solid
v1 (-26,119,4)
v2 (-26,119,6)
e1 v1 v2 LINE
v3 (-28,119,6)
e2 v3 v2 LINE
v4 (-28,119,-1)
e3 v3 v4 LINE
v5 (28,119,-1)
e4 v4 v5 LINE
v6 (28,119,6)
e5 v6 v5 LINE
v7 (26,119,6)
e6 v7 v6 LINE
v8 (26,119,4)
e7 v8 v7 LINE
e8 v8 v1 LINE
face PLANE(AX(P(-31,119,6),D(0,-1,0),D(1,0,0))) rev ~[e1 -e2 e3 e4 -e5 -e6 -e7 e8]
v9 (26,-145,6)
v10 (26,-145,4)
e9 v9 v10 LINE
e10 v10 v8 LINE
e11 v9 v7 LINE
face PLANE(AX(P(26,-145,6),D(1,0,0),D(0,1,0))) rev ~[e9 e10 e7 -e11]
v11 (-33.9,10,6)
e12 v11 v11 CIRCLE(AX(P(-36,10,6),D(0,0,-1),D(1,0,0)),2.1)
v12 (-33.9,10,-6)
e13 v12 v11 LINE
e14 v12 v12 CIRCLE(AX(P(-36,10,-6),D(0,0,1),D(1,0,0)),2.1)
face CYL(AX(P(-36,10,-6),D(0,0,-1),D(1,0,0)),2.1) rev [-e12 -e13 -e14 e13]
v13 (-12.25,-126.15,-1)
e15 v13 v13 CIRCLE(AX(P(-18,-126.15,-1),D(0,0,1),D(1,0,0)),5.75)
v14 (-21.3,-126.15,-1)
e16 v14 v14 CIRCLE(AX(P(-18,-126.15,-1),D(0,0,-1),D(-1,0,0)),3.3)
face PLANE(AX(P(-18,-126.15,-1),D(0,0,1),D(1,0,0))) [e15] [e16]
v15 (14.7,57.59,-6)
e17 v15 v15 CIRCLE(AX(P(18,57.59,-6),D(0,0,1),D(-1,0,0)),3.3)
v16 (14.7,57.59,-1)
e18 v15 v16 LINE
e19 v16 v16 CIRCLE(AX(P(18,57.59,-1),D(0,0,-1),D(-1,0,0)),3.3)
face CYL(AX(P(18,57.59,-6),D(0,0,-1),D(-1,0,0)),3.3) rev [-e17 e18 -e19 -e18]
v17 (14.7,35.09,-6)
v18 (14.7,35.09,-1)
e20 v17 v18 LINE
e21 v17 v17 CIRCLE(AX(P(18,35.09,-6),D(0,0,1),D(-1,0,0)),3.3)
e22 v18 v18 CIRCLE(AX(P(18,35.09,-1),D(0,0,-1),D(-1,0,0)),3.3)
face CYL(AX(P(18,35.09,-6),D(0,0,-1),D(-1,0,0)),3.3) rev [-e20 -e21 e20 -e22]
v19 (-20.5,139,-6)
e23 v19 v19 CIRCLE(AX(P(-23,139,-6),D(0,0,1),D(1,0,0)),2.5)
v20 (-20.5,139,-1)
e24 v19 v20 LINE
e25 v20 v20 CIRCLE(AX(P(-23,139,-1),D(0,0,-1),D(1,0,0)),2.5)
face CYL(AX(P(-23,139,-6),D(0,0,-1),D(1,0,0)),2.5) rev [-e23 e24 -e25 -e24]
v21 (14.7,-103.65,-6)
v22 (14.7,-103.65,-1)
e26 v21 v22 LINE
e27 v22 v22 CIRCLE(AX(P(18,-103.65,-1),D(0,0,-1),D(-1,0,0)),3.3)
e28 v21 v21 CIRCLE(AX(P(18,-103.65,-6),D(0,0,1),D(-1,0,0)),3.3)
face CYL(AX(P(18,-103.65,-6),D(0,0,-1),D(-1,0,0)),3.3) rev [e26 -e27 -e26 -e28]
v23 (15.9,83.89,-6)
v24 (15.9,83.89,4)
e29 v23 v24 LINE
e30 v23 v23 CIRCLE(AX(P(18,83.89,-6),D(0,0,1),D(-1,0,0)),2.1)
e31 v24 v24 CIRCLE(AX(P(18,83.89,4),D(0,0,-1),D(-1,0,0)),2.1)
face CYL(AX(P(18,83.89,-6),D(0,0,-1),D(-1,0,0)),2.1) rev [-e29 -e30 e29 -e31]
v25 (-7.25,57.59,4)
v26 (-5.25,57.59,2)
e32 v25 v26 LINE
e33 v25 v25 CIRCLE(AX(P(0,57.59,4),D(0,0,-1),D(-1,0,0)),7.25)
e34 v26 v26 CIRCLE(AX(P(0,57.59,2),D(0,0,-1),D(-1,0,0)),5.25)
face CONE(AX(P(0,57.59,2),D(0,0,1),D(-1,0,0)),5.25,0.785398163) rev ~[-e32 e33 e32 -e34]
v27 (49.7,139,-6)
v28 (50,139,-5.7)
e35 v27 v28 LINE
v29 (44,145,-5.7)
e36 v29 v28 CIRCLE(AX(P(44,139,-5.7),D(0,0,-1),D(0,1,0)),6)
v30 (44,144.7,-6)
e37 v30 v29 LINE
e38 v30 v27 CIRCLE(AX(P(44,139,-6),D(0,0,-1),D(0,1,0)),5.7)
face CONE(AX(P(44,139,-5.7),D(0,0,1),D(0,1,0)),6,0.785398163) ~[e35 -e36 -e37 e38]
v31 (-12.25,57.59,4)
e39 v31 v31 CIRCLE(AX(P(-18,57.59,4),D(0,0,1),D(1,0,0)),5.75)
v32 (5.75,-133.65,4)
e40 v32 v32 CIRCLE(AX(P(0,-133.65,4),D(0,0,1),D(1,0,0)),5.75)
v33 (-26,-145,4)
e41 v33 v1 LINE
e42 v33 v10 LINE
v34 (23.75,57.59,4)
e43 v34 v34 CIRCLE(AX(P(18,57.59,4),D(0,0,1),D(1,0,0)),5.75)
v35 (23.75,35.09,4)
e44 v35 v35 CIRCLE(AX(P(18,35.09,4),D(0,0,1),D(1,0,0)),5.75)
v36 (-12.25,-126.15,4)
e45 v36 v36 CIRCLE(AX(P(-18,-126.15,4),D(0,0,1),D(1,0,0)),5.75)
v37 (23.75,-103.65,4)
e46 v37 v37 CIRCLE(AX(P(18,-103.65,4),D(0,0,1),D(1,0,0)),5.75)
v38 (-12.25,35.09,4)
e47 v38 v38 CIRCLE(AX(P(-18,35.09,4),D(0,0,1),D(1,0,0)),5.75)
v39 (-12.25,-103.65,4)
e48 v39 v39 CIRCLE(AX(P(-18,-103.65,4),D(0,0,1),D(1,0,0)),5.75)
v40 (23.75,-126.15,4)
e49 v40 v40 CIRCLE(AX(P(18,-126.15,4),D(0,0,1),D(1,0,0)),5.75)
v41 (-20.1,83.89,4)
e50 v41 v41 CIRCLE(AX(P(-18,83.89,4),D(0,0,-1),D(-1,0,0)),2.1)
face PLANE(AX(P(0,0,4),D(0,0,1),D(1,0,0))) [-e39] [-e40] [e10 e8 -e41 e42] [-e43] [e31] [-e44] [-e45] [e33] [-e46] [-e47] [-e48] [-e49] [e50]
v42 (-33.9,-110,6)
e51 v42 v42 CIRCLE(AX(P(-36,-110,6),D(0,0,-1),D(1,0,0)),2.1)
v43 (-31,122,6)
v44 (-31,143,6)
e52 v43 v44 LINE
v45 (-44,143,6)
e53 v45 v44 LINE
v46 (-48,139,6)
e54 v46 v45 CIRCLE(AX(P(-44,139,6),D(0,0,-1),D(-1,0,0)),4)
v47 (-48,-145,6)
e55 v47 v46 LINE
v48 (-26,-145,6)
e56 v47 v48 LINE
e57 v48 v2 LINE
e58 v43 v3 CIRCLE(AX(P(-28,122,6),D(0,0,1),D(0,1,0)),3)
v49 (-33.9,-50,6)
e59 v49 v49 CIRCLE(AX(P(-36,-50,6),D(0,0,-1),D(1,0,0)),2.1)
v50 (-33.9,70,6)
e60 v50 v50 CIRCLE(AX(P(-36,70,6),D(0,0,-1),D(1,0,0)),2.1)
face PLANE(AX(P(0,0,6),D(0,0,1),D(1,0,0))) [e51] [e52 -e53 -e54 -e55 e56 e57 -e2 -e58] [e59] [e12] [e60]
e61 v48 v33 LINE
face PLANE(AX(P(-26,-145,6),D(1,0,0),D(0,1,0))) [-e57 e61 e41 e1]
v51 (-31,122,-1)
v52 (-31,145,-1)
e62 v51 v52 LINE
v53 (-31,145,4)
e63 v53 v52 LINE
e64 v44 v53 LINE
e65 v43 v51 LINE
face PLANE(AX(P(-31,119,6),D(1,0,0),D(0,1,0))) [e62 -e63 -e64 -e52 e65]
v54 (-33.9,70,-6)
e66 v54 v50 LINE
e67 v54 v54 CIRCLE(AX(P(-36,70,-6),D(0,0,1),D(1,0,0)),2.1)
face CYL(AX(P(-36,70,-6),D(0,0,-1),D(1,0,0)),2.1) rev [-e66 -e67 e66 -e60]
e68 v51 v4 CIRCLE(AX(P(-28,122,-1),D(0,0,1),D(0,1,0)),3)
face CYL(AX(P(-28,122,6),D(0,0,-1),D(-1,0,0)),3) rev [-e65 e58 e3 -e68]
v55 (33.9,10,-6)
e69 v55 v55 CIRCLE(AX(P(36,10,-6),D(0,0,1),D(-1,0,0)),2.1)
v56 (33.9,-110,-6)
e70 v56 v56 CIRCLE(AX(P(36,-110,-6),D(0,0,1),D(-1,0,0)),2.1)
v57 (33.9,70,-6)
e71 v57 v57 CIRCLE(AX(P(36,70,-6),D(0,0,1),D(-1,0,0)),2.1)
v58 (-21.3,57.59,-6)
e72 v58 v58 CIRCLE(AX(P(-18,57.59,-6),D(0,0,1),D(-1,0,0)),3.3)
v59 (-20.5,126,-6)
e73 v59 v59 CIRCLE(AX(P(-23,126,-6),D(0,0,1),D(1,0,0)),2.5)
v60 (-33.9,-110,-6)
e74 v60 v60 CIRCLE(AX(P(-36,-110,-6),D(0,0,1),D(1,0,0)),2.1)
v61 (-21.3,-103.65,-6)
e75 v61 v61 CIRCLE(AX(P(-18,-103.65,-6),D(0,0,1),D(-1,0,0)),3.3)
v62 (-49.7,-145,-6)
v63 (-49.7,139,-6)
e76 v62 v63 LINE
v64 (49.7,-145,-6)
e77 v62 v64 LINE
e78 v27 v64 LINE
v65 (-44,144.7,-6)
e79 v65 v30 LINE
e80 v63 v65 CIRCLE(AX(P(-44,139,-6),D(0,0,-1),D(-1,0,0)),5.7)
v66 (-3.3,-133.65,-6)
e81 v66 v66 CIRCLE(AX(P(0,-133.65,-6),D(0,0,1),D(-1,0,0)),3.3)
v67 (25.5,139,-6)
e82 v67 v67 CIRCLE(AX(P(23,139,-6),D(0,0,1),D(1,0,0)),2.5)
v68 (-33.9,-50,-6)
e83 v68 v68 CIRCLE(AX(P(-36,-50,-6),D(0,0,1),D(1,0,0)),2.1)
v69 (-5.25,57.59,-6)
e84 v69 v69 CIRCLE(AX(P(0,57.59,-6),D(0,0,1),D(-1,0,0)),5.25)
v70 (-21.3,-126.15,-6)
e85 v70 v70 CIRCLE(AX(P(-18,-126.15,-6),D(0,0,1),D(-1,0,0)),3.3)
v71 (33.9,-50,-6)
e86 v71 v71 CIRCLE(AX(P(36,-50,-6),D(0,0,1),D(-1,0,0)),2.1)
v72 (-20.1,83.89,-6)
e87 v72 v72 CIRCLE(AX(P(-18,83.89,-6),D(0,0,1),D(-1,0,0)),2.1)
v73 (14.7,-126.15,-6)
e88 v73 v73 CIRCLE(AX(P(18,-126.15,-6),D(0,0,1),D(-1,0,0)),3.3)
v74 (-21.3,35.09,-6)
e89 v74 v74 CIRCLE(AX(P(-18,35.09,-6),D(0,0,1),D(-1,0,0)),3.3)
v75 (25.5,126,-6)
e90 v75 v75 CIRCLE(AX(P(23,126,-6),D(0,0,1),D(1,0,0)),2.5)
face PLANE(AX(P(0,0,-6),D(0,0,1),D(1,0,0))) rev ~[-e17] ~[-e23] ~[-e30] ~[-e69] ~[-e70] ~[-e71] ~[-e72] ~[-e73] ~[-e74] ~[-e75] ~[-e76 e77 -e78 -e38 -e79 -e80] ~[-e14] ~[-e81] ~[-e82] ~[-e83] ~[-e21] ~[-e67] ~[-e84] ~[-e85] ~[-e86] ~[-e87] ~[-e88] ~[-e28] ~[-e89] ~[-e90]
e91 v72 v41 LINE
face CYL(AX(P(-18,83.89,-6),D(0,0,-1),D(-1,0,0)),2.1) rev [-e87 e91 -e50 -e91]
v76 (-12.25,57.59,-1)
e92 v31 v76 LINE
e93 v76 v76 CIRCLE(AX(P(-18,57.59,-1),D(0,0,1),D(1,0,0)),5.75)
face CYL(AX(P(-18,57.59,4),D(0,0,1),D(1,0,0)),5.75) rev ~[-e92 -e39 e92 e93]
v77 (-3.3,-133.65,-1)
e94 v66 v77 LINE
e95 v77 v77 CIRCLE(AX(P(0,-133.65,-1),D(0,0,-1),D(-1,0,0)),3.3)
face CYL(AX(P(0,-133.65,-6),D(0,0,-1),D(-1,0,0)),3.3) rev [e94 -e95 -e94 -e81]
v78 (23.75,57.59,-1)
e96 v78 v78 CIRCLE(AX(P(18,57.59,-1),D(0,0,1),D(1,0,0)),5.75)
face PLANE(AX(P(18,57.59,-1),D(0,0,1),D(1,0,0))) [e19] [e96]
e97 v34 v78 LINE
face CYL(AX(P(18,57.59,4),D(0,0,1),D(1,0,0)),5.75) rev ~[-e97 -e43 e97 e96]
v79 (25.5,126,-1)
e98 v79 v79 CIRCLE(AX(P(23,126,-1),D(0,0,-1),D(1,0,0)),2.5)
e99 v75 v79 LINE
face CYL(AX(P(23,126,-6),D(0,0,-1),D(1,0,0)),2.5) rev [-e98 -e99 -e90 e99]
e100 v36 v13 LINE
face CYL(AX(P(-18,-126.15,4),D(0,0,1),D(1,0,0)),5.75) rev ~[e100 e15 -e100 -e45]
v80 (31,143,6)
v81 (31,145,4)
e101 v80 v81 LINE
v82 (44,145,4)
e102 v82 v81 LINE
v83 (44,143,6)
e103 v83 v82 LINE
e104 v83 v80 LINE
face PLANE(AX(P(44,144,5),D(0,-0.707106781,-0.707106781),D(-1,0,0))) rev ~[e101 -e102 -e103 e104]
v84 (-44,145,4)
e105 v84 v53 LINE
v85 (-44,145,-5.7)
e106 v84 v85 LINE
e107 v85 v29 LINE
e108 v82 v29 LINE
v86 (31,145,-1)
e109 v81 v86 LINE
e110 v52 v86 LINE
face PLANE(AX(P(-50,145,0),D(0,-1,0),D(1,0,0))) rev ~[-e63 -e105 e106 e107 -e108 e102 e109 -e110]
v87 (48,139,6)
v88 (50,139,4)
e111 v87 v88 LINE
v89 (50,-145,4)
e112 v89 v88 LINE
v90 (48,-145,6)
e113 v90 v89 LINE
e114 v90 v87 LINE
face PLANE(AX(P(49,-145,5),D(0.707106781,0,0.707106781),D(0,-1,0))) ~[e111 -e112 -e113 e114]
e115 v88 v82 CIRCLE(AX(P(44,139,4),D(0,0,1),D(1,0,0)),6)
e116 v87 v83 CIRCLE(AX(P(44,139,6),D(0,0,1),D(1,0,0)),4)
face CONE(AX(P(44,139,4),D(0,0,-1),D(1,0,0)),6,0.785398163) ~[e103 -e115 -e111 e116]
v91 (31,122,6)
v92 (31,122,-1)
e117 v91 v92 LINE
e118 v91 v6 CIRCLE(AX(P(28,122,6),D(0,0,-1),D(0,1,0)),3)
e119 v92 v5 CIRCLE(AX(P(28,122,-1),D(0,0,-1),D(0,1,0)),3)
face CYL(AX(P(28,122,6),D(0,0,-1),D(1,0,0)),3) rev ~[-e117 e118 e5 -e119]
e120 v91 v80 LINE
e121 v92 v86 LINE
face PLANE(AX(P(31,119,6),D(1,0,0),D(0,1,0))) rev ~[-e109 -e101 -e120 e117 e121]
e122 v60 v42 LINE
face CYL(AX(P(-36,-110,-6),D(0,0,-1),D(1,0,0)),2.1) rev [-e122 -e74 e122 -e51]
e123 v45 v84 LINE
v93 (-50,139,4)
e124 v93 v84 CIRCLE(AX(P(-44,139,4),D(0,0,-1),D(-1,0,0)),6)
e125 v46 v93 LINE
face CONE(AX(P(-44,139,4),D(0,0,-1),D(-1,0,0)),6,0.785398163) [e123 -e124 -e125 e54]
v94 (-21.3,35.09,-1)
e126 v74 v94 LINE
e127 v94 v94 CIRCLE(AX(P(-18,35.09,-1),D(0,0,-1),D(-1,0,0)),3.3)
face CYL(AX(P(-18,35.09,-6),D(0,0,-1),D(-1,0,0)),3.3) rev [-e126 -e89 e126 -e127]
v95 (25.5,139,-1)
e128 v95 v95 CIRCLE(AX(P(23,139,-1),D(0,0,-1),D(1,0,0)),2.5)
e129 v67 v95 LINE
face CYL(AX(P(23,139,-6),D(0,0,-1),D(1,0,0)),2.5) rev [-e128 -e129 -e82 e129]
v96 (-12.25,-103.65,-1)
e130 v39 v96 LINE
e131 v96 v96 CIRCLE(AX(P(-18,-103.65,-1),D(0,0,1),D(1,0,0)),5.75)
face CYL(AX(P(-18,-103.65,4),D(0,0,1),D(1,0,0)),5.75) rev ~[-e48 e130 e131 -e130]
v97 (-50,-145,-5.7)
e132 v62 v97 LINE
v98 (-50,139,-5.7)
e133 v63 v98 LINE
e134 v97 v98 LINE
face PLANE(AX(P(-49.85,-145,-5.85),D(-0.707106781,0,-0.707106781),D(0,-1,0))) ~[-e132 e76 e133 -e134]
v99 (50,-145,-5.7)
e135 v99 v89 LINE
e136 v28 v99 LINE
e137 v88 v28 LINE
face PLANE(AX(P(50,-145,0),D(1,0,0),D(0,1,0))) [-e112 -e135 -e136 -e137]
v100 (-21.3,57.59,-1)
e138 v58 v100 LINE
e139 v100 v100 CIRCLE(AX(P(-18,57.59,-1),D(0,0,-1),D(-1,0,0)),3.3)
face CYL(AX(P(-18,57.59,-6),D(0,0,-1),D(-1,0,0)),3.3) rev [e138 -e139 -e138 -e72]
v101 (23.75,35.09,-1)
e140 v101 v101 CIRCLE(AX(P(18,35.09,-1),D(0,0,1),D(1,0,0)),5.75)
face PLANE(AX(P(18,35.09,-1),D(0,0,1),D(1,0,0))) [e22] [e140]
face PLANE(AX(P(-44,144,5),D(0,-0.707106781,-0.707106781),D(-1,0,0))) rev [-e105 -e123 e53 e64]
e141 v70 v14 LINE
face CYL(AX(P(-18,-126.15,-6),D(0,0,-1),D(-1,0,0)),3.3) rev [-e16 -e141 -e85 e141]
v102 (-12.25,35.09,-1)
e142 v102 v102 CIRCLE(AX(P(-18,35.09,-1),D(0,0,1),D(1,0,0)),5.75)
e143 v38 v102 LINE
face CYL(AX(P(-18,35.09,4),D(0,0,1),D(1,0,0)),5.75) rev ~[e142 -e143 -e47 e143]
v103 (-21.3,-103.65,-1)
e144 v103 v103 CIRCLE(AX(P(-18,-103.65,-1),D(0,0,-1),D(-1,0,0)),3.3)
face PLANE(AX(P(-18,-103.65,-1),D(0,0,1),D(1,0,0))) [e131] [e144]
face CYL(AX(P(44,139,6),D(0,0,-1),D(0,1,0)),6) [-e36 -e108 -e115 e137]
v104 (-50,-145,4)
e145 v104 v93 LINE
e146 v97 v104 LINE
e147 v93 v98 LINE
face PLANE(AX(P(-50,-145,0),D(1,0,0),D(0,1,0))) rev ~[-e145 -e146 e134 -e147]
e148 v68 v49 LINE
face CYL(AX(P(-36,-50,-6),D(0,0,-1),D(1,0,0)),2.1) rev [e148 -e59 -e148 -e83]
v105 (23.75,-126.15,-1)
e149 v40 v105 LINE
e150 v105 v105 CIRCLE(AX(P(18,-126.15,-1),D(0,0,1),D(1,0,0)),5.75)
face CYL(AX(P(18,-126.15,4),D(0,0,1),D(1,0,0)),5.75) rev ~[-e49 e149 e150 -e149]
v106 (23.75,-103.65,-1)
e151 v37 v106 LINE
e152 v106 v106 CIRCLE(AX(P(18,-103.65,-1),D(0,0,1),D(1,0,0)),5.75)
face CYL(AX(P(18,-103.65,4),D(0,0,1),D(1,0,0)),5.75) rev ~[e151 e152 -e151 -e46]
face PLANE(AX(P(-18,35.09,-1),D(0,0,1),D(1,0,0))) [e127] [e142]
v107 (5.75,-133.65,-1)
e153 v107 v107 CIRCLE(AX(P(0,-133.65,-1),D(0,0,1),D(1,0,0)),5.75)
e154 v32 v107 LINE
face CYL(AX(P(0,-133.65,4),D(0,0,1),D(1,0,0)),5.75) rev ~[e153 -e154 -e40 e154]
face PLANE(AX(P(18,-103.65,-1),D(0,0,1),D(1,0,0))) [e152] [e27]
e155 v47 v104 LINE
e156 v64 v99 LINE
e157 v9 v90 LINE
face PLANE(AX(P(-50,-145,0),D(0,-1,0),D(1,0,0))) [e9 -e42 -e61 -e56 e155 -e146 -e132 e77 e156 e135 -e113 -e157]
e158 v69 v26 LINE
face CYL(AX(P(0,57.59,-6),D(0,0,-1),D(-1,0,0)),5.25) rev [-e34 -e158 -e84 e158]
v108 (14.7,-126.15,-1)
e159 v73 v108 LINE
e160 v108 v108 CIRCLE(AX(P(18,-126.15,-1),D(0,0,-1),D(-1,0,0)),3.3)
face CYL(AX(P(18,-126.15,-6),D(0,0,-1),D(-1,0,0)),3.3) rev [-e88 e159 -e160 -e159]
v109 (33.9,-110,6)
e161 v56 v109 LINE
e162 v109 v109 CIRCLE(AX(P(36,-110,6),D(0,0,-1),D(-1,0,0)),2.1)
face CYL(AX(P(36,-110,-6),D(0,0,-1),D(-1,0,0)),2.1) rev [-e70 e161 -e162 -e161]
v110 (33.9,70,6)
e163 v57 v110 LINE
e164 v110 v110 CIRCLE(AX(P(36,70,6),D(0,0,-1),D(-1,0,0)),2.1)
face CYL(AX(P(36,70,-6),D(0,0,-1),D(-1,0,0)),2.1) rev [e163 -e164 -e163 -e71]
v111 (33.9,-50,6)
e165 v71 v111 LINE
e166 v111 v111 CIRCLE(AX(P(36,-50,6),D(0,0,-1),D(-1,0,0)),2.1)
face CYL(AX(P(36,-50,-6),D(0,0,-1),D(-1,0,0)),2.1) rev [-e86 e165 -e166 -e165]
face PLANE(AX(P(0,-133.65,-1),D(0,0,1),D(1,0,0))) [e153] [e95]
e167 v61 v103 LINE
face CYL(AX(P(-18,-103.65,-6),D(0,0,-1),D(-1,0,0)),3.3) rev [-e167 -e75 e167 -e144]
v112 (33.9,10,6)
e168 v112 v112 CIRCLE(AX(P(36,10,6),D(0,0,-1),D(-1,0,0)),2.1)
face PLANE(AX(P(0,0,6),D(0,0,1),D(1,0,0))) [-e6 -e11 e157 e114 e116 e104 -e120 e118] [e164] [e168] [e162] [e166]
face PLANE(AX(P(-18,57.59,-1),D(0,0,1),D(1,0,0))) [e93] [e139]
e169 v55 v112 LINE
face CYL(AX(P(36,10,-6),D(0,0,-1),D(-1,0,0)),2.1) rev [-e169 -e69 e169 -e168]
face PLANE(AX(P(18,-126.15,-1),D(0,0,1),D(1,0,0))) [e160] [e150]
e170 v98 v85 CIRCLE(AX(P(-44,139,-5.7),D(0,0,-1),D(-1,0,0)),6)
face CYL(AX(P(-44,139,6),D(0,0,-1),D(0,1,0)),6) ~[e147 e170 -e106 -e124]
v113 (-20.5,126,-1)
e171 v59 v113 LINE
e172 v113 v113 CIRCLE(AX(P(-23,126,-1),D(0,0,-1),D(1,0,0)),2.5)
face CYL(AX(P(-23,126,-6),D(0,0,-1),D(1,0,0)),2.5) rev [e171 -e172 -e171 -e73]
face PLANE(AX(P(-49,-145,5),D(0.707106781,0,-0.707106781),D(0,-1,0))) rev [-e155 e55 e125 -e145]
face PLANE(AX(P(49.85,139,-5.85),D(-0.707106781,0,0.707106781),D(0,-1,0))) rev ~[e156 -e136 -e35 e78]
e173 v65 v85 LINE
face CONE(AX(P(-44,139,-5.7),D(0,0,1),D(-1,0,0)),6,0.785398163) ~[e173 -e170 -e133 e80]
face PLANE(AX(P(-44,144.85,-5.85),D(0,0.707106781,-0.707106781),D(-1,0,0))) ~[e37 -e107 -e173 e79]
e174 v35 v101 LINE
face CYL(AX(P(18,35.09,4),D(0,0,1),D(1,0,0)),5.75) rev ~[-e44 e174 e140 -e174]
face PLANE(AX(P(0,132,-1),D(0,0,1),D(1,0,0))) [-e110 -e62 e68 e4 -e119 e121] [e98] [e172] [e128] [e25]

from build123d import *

# Parameters (mm, degrees)
SKETCH1_W               = 100
SKETCH1_H               = 290
BOSS_EXTRUDE1_DEPTH     = 6
SKETCH2_W               = 62
SKETCH2_H               = 26
CUT_EXTRUDE1_DEPTH      = 7
SKETCH3_W               = 52
SKETCH3_H               = 290
CUT_EXTRUDE2_DEPTH      = 2
SKETCH4_R               = 2.5
SKETCH4_R_2             = 5.25
SKETCH4_R_3             = 2.1
SKETCH4_R_4             = 3.3
CUT_EXTRUDE_HOLES_DEPTH = 21
FILLET1_R               = 3
FILLET2_R               = 6
CHAMFER1_SIZE           = 2
SKETCH5_R               = 5.75
CUT_EXTRUDE5_DEPTH      = 5
CHAMFER2_SIZE           = 2
CHAMFER3_SIZE           = 0.3


with BuildPart() as part:
    # Sketch1 → Boss-Extrude1 (new, symmetric)
    with BuildSketch(Plane.XY):
        Rectangle(SKETCH1_W, SKETCH1_H)
    extrude(amount=BOSS_EXTRUDE1_DEPTH, both=True)

    # Sketch2 → Cut-Extrude1 (cut)
    with BuildSketch(Plane.XY.offset(6)):
        with Locations((0, 132)):
            Rectangle(SKETCH2_W, SKETCH2_H)
    extrude(amount=-CUT_EXTRUDE1_DEPTH, mode=Mode.SUBTRACT)

    # Sketch3 → Cut-Extrude2 (cut)
    with BuildSketch(Plane.XY.offset(6)):
        Rectangle(SKETCH3_W, SKETCH3_H)
    extrude(amount=-CUT_EXTRUDE2_DEPTH, mode=Mode.SUBTRACT)

    # Sketch4 → Cut-Extrude HOLES (cut)
    with BuildSketch(Plane.XY.offset(-6)):
        with Locations((-23, 139)):
            Circle(SKETCH4_R)
        with Locations((23, 139)):
            Circle(SKETCH4_R)
        with Locations((23, 126)):
            Circle(SKETCH4_R)
        with Locations((-23, 126)):
            Circle(SKETCH4_R)
        with Locations(Location((0, 57.59, 0), (0, 0, 180))):
            Circle(SKETCH4_R_2)
        with Locations(Location((-18, 83.89, 0), (0, 0, 180))):
            Circle(SKETCH4_R_3)
        with Locations(Location((-18, 57.59, 0), (0, 0, 180))):
            Circle(SKETCH4_R_4)
        with Locations(Location((-18, 35.09, 0), (0, 0, 180))):
            Circle(SKETCH4_R_4)
        with Locations((-36, 70)):
            Circle(SKETCH4_R_3)
        with Locations((-36, 10)):
            Circle(SKETCH4_R_3)
        with Locations((-36, -110)):
            Circle(SKETCH4_R_3)
        with Locations((-36, -50)):
            Circle(SKETCH4_R_3)
        with Locations(Location((-18, -103.65, 0), (0, 0, 180))):
            Circle(SKETCH4_R_4)
        with Locations(Location((-18, -126.15, 0), (0, 0, 180))):
            Circle(SKETCH4_R_4)
        with Locations(Location((18, -103.65, 0), (0, 0, 180))):
            Circle(SKETCH4_R_4)
        with Locations(Location((18, -126.15, 0), (0, 0, 180))):
            Circle(SKETCH4_R_4)
        with Locations(Location((0, -133.65, 0), (0, 0, 180))):
            Circle(SKETCH4_R_4)
        with Locations(Location((36, 70, 0), (0, 0, 180))):
            Circle(SKETCH4_R_3)
        with Locations(Location((18, 83.89, 0), (0, 0, 180))):
            Circle(SKETCH4_R_3)
        with Locations(Location((18, 35.09, 0), (0, 0, 180))):
            Circle(SKETCH4_R_4)
        with Locations(Location((18, 57.59, 0), (0, 0, 180))):
            Circle(SKETCH4_R_4)
        with Locations(Location((36, 10, 0), (0, 0, 180))):
            Circle(SKETCH4_R_3)
        with Locations(Location((36, -50, 0), (0, 0, 180))):
            Circle(SKETCH4_R_3)
        with Locations(Location((36, -110, 0), (0, 0, 180))):
            Circle(SKETCH4_R_3)
    extrude(amount=CUT_EXTRUDE_HOLES_DEPTH, mode=Mode.SUBTRACT)

    # Fillet1
    fillet1_edges = [part.edges().sort_by_distance(p)[0] for p in [
        (-31, 119, 2.5),
        (31, 119, 2.5),
    ]]
    fillet(fillet1_edges, radius=FILLET1_R)

    # Fillet2
    fillet2_edges = [part.edges().sort_by_distance(p)[0] for p in [
        (-50, 145, 0),
        (50, 145, 0),
    ]]
    fillet(fillet2_edges, radius=FILLET2_R)

    # Chamfer1
    chamfer1_edges = [part.edges().sort_by_distance(p)[0] for p in [
        (50, -3, 6),
        (-37.5, 145, 6),
        (37.5, 145, 6),
        (48.242640687, 143.242640687, 6),
        (-50, -3, 6),
        (-48.242640687, 143.242640687, 6),
    ]]
    chamfer(chamfer1_edges, length=CHAMFER1_SIZE)

    # Sketch5 → Cut-Extrude5 (cut)
    with BuildSketch(Plane.XY.offset(4)):
        with Locations((-18, 57.59)):
            Circle(SKETCH5_R)
        with Locations((-18, 35.09)):
            Circle(SKETCH5_R)
        with Locations((18, 35.09)):
            Circle(SKETCH5_R)
        with Locations((18, 57.59)):
            Circle(SKETCH5_R)
        with Locations((18, -103.65)):
            Circle(SKETCH5_R)
        with Locations((-18, -103.65)):
            Circle(SKETCH5_R)
        with Locations((-18, -126.15)):
            Circle(SKETCH5_R)
        with Locations((0, -133.65)):
            Circle(SKETCH5_R)
        with Locations((18, -126.15)):
            Circle(SKETCH5_R)
    extrude(amount=-CUT_EXTRUDE5_DEPTH, mode=Mode.SUBTRACT)

    # Chamfer2
    chamfer2_edges = [part.edges().sort_by_distance(p)[0] for p in [
        (5.25, 57.59, 4),
    ]]
    chamfer(chamfer2_edges, length=CHAMFER2_SIZE)

    # Chamfer3
    chamfer3_edges = [part.edges().sort_by_distance(p)[0] for p in [
        (0, 145, -6),
        (-50, -3, -6),
        (-48.242640687, 143.242640687, -6),
        (48.242640687, 143.242640687, -6),
        (50, -3, -6),
    ]]
    chamfer(chamfer3_edges, length=CHAMFER3_SIZE)


solid = part.part
